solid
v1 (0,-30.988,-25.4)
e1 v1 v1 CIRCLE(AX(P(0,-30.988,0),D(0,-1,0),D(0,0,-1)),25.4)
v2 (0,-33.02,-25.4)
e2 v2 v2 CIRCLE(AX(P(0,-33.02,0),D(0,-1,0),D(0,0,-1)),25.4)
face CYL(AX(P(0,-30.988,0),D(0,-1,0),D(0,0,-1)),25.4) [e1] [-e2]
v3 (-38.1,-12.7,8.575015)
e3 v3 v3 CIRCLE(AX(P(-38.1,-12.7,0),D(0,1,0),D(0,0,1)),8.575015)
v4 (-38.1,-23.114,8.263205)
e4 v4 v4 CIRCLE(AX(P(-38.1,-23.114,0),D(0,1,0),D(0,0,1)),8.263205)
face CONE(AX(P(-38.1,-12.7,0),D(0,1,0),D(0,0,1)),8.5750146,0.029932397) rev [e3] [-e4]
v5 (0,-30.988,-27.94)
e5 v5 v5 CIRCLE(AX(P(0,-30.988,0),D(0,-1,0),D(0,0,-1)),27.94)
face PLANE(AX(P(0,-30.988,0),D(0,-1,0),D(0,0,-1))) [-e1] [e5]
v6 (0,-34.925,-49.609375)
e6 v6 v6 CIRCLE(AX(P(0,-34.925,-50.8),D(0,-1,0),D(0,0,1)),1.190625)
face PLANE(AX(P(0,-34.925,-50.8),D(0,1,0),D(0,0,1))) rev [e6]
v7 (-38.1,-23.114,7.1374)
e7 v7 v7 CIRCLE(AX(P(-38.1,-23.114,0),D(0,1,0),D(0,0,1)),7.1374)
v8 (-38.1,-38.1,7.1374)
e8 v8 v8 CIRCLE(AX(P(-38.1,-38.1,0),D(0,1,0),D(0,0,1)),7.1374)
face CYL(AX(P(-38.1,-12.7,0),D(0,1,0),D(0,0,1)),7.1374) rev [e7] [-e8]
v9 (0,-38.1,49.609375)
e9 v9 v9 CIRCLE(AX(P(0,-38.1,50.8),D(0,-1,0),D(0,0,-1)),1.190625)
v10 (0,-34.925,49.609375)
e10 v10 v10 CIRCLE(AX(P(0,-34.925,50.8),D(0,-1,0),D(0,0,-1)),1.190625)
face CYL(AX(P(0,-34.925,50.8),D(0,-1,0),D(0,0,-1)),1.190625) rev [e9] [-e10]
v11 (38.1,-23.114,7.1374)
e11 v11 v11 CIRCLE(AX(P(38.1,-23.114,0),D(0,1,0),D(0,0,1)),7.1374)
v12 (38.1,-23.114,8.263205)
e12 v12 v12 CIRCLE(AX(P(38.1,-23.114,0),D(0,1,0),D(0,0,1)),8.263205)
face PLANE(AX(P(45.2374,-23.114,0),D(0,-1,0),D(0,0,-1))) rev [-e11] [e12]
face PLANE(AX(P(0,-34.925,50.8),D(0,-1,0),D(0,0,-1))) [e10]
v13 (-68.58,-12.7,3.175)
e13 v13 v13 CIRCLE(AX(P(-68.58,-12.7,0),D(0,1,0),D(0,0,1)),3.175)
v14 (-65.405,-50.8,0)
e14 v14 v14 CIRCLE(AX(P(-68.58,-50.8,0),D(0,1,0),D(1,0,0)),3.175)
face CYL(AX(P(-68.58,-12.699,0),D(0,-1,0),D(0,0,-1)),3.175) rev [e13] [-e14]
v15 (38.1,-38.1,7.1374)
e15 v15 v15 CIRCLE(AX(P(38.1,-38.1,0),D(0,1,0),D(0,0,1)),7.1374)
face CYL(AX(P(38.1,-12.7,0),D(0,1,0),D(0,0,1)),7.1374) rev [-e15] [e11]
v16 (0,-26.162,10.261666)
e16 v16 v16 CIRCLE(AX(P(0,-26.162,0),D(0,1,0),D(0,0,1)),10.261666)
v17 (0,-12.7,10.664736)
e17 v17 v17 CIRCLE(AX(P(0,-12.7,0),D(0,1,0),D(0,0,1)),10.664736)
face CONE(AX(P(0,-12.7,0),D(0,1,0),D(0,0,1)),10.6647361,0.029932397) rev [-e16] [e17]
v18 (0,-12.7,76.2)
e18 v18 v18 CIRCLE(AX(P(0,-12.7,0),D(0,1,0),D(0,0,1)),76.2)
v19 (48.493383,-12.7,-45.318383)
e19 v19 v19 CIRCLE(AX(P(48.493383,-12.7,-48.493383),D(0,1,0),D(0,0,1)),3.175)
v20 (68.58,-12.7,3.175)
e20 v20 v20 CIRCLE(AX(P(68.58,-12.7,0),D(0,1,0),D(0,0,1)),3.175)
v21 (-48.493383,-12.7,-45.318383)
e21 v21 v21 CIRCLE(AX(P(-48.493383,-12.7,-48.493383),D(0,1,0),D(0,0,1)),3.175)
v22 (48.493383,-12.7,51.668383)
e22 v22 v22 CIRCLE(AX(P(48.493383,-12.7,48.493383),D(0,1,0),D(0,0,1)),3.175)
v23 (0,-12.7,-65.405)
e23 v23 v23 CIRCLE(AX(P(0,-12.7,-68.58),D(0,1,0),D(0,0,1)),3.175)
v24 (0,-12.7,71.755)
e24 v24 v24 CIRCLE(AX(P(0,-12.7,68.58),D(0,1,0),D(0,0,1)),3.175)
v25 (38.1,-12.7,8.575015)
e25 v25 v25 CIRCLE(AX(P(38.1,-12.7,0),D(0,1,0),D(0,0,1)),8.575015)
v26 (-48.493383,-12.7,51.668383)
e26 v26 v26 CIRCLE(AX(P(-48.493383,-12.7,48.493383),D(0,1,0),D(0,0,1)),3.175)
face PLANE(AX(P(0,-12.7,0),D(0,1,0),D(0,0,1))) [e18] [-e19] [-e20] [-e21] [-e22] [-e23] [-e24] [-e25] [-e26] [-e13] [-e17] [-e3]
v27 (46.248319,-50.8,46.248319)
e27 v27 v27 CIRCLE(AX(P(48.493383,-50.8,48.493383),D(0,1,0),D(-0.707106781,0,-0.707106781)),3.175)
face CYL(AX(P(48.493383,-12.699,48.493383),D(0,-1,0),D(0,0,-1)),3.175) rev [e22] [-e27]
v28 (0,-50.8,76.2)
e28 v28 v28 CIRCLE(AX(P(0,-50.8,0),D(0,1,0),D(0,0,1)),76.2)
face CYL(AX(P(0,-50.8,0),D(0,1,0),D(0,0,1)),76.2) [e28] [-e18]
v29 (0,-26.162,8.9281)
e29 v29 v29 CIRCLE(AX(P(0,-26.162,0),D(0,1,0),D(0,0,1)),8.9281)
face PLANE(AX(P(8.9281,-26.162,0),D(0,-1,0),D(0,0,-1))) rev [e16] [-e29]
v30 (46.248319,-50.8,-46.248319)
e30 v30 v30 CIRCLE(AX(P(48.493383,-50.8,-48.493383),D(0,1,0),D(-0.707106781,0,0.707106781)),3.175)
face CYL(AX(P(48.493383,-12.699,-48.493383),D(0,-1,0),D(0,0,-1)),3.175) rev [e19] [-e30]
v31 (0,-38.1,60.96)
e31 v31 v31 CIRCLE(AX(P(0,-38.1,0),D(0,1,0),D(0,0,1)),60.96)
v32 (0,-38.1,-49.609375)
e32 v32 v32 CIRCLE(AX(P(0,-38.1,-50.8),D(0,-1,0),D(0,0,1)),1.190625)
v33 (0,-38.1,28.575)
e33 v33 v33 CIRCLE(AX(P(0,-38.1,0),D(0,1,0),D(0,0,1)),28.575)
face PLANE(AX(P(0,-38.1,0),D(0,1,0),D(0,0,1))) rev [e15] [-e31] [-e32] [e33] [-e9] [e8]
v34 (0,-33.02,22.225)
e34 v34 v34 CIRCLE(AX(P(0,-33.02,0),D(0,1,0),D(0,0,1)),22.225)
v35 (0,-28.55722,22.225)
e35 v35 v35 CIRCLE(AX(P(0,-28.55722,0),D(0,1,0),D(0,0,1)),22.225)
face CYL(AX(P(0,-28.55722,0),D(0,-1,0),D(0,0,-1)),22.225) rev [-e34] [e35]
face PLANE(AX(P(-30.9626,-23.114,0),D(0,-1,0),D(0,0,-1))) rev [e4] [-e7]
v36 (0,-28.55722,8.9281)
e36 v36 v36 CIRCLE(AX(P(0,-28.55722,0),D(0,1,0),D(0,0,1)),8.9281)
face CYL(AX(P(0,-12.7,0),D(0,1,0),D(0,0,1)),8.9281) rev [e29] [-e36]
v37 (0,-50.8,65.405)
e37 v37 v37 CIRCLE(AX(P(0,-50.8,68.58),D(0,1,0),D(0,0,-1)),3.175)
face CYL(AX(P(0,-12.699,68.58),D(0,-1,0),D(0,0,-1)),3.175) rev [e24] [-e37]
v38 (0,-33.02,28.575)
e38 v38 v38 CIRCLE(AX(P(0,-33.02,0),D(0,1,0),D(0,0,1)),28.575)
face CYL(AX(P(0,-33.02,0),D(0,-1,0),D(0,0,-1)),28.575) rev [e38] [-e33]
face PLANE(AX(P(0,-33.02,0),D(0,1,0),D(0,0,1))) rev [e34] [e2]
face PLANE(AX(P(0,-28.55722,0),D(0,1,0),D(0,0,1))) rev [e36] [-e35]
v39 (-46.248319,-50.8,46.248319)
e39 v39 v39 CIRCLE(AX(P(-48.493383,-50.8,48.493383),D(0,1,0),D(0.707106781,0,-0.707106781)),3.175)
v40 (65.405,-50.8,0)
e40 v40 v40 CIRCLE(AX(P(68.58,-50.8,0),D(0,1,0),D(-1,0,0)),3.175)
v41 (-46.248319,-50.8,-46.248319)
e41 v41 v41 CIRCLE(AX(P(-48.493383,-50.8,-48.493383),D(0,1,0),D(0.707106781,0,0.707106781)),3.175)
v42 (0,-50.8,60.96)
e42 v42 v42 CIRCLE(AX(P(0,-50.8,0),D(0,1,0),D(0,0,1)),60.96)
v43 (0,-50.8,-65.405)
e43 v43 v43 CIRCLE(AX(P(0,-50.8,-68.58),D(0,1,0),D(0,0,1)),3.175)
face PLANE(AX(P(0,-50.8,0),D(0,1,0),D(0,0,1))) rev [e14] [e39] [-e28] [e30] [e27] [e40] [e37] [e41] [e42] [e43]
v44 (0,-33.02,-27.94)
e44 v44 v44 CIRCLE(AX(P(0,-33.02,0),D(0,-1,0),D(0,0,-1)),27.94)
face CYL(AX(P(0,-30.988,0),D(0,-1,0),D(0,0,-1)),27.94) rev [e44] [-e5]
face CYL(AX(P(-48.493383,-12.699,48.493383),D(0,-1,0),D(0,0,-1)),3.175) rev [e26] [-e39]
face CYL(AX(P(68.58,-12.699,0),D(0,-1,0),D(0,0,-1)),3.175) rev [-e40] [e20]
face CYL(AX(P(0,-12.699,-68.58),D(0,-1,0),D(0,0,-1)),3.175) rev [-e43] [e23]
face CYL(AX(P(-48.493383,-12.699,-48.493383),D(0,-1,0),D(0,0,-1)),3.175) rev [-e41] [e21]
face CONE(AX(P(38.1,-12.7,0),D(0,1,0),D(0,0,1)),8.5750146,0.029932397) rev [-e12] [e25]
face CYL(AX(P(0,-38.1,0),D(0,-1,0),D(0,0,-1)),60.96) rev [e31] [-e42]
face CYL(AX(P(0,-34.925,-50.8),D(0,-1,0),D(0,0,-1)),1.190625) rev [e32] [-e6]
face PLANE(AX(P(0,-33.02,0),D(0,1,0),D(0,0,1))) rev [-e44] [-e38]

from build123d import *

# Parameters (mm, degrees)
SKETCH1_R                                      = 76.2
BILLET_DEPTH                                   = 50.8
SKETCH3_R                                      = 28.575
LOX_PLATE_DEPTH                                = 17.78
SKETCH5_R                                      = 22.225
LOX_DOME_DEPTH                                 = 4.46278
SKETCH7_R                                      = 76.2
TOP_MILL_DEPTH                                 = 12.7
F_1_4_BOLT_HOLE_REACH                          = 116.3
SKETCH11_R                                     = 3.175
BOLT_PATTERN_COUNT                             = 8
SKETCH12_R                                     = 60.96
KEROSENE_PLATE_DEPTH                           = 12.7
SKETCH26_R                                     = 27.94
SKETCH26_R_2                                   = 25.4
LOX_PLATE_O_RING_DEPTH                         = 2.032
KEROSENE_INLET_3_8_NPT_TAPPED_HOLE1_AT_2_COUNT = 2
KEROSENE_INLET_3_8_NPT_TAPPED_HOLE1_AT_2_PITCH = 76.2
SKETCH27_R                                     = 1.190625
CUT_EXTRUDE1_DEPTH                             = 3.175


with BuildPart() as part:
    # Sketch1 → Billet (new body)
    with BuildSketch(Plane(origin=(0, 0, 0), x_dir=(1, 0, 0), z_dir=(0, 1, 0))):
        Circle(SKETCH1_R)
    extrude(amount=-BILLET_DEPTH)

    # Sketch3 → Lox Plate (cut)
    with BuildSketch(Plane(origin=(0, -50.8, 0), x_dir=(1, 0, 0), z_dir=(0, 1, 0))):
        Circle(SKETCH3_R)
    extrude(amount=LOX_PLATE_DEPTH, mode=Mode.SUBTRACT)

    # Sketch5 → Lox Dome (cut)
    with BuildSketch(Plane(origin=(0, -33.02, 0), x_dir=(1, 0, 0), z_dir=(0, 1, 0))):
        Circle(SKETCH5_R)
    extrude(amount=LOX_DOME_DEPTH, mode=Mode.SUBTRACT)

    # Sketch7 → Top Mill (cut)
    with BuildSketch(Plane(origin=(0, 0, 0), x_dir=(1, 0, 0), z_dir=(0, 1, 0))):
        Circle(SKETCH7_R)
    extrude(amount=-TOP_MILL_DEPTH, mode=Mode.SUBTRACT)

    # Sketch11 → 1/4" Bolt Hole (cut, up to next)
    with BuildSketch(Plane(origin=(0, -50.8, 0), x_dir=(1, 0, 0), z_dir=(0, 1, 0)), mode=Mode.PRIVATE) as f_1_4_bolt_hole_sk1:
        with Locations((0, 68.58)):
            Circle(SKETCH11_R)
    f_1_4_bolt_hole_tool1 = extrude(f_1_4_bolt_hole_sk1.sketch, amount=F_1_4_BOLT_HOLE_REACH, mode=Mode.PRIVATE) & part.part
    f_1_4_bolt_hole = f_1_4_bolt_hole_tool1.solids().sort_by_distance((0, -50.8, -68.58))[0]
    add(f_1_4_bolt_hole, mode=Mode.SUBTRACT)

    # Bolt Pattern: 1/4" Bolt Hole ×8 about axis
    bolt_pattern_axis = Axis((0, 53.34, 0), (0, -1, 0))
    for i in range(1, BOLT_PATTERN_COUNT):
        add(f_1_4_bolt_hole.rotate(bolt_pattern_axis, i * 360 / BOLT_PATTERN_COUNT), mode=Mode.SUBTRACT)

    # Sketch12 → Kerosene Plate (cut)
    with BuildSketch(Plane(origin=(0, -50.8, 0), x_dir=(1, 0, 0), z_dir=(0, 1, 0))):
        Circle(SKETCH12_R)
    extrude(amount=KEROSENE_PLATE_DEPTH, mode=Mode.SUBTRACT)

    # Sketch21 → Lox Inlet-1/2 NPT Tapped Hole3 (revolve, cut)
    with BuildSketch(Plane(origin=(0, -12.7, 0), x_dir=(0, 0, 1), z_dir=(1, 0, 0))):
        Polygon((0, 0), (0, 38.1), (8.9281, 38.1), (8.9281, 13.462), (10.261665792, 13.462), (10.6647361, 0), align=None)
    revolve(axis=Axis((0, -6.35, 0), (0, -1, 0)), mode=Mode.SUBTRACT)

    # Sketch26 → Lox Plate O Ring (cut)
    with BuildSketch(Plane.XZ.offset(33.02)):
        Circle(SKETCH26_R)
        Circle(SKETCH26_R_2, mode=Mode.SUBTRACT)
    extrude(amount=-LOX_PLATE_O_RING_DEPTH, mode=Mode.SUBTRACT)

    # Sketch25 → Kerosene Inlet-3/8 NPT Tapped Hole1 (revolve, cut)
    with BuildSketch(Plane(origin=(-38.1, -12.7, 0), x_dir=(0, 0, 1), z_dir=(1, 0, 0))):
        Polygon((0, 0), (0, 38.1), (7.1374, 38.1), (7.1374, 10.414), (8.263205494, 10.414), (8.5750146, 0), align=None)
    kerosene_inlet_3_8_npt_tapped_hole1 = revolve(axis=Axis((-38.1, -6.35, 0), (0, -1, 0)), mode=Mode.SUBTRACT)

    # Kerosene Inlet-3/8 NPT Tapped Hole1 at 2: Kerosene Inlet-3/8 NPT Tapped Hole1 ×2
    with Locations(*[(i * KEROSENE_INLET_3_8_NPT_TAPPED_HOLE1_AT_2_PITCH, 0, 0) for i in range(1, KEROSENE_INLET_3_8_NPT_TAPPED_HOLE1_AT_2_COUNT)]):
        add(kerosene_inlet_3_8_npt_tapped_hole1, mode=Mode.SUBTRACT)

    # Sketch27 → Cut-Extrude1 (cut)
    with BuildSketch(Plane.XZ.offset(38.1)):
        with Locations((0, 50.8)):
            Circle(SKETCH27_R)
        with Locations((0, -50.8)):
            Circle(SKETCH27_R)
    extrude(amount=-CUT_EXTRUDE1_DEPTH, mode=Mode.SUBTRACT)


solid = part.part
